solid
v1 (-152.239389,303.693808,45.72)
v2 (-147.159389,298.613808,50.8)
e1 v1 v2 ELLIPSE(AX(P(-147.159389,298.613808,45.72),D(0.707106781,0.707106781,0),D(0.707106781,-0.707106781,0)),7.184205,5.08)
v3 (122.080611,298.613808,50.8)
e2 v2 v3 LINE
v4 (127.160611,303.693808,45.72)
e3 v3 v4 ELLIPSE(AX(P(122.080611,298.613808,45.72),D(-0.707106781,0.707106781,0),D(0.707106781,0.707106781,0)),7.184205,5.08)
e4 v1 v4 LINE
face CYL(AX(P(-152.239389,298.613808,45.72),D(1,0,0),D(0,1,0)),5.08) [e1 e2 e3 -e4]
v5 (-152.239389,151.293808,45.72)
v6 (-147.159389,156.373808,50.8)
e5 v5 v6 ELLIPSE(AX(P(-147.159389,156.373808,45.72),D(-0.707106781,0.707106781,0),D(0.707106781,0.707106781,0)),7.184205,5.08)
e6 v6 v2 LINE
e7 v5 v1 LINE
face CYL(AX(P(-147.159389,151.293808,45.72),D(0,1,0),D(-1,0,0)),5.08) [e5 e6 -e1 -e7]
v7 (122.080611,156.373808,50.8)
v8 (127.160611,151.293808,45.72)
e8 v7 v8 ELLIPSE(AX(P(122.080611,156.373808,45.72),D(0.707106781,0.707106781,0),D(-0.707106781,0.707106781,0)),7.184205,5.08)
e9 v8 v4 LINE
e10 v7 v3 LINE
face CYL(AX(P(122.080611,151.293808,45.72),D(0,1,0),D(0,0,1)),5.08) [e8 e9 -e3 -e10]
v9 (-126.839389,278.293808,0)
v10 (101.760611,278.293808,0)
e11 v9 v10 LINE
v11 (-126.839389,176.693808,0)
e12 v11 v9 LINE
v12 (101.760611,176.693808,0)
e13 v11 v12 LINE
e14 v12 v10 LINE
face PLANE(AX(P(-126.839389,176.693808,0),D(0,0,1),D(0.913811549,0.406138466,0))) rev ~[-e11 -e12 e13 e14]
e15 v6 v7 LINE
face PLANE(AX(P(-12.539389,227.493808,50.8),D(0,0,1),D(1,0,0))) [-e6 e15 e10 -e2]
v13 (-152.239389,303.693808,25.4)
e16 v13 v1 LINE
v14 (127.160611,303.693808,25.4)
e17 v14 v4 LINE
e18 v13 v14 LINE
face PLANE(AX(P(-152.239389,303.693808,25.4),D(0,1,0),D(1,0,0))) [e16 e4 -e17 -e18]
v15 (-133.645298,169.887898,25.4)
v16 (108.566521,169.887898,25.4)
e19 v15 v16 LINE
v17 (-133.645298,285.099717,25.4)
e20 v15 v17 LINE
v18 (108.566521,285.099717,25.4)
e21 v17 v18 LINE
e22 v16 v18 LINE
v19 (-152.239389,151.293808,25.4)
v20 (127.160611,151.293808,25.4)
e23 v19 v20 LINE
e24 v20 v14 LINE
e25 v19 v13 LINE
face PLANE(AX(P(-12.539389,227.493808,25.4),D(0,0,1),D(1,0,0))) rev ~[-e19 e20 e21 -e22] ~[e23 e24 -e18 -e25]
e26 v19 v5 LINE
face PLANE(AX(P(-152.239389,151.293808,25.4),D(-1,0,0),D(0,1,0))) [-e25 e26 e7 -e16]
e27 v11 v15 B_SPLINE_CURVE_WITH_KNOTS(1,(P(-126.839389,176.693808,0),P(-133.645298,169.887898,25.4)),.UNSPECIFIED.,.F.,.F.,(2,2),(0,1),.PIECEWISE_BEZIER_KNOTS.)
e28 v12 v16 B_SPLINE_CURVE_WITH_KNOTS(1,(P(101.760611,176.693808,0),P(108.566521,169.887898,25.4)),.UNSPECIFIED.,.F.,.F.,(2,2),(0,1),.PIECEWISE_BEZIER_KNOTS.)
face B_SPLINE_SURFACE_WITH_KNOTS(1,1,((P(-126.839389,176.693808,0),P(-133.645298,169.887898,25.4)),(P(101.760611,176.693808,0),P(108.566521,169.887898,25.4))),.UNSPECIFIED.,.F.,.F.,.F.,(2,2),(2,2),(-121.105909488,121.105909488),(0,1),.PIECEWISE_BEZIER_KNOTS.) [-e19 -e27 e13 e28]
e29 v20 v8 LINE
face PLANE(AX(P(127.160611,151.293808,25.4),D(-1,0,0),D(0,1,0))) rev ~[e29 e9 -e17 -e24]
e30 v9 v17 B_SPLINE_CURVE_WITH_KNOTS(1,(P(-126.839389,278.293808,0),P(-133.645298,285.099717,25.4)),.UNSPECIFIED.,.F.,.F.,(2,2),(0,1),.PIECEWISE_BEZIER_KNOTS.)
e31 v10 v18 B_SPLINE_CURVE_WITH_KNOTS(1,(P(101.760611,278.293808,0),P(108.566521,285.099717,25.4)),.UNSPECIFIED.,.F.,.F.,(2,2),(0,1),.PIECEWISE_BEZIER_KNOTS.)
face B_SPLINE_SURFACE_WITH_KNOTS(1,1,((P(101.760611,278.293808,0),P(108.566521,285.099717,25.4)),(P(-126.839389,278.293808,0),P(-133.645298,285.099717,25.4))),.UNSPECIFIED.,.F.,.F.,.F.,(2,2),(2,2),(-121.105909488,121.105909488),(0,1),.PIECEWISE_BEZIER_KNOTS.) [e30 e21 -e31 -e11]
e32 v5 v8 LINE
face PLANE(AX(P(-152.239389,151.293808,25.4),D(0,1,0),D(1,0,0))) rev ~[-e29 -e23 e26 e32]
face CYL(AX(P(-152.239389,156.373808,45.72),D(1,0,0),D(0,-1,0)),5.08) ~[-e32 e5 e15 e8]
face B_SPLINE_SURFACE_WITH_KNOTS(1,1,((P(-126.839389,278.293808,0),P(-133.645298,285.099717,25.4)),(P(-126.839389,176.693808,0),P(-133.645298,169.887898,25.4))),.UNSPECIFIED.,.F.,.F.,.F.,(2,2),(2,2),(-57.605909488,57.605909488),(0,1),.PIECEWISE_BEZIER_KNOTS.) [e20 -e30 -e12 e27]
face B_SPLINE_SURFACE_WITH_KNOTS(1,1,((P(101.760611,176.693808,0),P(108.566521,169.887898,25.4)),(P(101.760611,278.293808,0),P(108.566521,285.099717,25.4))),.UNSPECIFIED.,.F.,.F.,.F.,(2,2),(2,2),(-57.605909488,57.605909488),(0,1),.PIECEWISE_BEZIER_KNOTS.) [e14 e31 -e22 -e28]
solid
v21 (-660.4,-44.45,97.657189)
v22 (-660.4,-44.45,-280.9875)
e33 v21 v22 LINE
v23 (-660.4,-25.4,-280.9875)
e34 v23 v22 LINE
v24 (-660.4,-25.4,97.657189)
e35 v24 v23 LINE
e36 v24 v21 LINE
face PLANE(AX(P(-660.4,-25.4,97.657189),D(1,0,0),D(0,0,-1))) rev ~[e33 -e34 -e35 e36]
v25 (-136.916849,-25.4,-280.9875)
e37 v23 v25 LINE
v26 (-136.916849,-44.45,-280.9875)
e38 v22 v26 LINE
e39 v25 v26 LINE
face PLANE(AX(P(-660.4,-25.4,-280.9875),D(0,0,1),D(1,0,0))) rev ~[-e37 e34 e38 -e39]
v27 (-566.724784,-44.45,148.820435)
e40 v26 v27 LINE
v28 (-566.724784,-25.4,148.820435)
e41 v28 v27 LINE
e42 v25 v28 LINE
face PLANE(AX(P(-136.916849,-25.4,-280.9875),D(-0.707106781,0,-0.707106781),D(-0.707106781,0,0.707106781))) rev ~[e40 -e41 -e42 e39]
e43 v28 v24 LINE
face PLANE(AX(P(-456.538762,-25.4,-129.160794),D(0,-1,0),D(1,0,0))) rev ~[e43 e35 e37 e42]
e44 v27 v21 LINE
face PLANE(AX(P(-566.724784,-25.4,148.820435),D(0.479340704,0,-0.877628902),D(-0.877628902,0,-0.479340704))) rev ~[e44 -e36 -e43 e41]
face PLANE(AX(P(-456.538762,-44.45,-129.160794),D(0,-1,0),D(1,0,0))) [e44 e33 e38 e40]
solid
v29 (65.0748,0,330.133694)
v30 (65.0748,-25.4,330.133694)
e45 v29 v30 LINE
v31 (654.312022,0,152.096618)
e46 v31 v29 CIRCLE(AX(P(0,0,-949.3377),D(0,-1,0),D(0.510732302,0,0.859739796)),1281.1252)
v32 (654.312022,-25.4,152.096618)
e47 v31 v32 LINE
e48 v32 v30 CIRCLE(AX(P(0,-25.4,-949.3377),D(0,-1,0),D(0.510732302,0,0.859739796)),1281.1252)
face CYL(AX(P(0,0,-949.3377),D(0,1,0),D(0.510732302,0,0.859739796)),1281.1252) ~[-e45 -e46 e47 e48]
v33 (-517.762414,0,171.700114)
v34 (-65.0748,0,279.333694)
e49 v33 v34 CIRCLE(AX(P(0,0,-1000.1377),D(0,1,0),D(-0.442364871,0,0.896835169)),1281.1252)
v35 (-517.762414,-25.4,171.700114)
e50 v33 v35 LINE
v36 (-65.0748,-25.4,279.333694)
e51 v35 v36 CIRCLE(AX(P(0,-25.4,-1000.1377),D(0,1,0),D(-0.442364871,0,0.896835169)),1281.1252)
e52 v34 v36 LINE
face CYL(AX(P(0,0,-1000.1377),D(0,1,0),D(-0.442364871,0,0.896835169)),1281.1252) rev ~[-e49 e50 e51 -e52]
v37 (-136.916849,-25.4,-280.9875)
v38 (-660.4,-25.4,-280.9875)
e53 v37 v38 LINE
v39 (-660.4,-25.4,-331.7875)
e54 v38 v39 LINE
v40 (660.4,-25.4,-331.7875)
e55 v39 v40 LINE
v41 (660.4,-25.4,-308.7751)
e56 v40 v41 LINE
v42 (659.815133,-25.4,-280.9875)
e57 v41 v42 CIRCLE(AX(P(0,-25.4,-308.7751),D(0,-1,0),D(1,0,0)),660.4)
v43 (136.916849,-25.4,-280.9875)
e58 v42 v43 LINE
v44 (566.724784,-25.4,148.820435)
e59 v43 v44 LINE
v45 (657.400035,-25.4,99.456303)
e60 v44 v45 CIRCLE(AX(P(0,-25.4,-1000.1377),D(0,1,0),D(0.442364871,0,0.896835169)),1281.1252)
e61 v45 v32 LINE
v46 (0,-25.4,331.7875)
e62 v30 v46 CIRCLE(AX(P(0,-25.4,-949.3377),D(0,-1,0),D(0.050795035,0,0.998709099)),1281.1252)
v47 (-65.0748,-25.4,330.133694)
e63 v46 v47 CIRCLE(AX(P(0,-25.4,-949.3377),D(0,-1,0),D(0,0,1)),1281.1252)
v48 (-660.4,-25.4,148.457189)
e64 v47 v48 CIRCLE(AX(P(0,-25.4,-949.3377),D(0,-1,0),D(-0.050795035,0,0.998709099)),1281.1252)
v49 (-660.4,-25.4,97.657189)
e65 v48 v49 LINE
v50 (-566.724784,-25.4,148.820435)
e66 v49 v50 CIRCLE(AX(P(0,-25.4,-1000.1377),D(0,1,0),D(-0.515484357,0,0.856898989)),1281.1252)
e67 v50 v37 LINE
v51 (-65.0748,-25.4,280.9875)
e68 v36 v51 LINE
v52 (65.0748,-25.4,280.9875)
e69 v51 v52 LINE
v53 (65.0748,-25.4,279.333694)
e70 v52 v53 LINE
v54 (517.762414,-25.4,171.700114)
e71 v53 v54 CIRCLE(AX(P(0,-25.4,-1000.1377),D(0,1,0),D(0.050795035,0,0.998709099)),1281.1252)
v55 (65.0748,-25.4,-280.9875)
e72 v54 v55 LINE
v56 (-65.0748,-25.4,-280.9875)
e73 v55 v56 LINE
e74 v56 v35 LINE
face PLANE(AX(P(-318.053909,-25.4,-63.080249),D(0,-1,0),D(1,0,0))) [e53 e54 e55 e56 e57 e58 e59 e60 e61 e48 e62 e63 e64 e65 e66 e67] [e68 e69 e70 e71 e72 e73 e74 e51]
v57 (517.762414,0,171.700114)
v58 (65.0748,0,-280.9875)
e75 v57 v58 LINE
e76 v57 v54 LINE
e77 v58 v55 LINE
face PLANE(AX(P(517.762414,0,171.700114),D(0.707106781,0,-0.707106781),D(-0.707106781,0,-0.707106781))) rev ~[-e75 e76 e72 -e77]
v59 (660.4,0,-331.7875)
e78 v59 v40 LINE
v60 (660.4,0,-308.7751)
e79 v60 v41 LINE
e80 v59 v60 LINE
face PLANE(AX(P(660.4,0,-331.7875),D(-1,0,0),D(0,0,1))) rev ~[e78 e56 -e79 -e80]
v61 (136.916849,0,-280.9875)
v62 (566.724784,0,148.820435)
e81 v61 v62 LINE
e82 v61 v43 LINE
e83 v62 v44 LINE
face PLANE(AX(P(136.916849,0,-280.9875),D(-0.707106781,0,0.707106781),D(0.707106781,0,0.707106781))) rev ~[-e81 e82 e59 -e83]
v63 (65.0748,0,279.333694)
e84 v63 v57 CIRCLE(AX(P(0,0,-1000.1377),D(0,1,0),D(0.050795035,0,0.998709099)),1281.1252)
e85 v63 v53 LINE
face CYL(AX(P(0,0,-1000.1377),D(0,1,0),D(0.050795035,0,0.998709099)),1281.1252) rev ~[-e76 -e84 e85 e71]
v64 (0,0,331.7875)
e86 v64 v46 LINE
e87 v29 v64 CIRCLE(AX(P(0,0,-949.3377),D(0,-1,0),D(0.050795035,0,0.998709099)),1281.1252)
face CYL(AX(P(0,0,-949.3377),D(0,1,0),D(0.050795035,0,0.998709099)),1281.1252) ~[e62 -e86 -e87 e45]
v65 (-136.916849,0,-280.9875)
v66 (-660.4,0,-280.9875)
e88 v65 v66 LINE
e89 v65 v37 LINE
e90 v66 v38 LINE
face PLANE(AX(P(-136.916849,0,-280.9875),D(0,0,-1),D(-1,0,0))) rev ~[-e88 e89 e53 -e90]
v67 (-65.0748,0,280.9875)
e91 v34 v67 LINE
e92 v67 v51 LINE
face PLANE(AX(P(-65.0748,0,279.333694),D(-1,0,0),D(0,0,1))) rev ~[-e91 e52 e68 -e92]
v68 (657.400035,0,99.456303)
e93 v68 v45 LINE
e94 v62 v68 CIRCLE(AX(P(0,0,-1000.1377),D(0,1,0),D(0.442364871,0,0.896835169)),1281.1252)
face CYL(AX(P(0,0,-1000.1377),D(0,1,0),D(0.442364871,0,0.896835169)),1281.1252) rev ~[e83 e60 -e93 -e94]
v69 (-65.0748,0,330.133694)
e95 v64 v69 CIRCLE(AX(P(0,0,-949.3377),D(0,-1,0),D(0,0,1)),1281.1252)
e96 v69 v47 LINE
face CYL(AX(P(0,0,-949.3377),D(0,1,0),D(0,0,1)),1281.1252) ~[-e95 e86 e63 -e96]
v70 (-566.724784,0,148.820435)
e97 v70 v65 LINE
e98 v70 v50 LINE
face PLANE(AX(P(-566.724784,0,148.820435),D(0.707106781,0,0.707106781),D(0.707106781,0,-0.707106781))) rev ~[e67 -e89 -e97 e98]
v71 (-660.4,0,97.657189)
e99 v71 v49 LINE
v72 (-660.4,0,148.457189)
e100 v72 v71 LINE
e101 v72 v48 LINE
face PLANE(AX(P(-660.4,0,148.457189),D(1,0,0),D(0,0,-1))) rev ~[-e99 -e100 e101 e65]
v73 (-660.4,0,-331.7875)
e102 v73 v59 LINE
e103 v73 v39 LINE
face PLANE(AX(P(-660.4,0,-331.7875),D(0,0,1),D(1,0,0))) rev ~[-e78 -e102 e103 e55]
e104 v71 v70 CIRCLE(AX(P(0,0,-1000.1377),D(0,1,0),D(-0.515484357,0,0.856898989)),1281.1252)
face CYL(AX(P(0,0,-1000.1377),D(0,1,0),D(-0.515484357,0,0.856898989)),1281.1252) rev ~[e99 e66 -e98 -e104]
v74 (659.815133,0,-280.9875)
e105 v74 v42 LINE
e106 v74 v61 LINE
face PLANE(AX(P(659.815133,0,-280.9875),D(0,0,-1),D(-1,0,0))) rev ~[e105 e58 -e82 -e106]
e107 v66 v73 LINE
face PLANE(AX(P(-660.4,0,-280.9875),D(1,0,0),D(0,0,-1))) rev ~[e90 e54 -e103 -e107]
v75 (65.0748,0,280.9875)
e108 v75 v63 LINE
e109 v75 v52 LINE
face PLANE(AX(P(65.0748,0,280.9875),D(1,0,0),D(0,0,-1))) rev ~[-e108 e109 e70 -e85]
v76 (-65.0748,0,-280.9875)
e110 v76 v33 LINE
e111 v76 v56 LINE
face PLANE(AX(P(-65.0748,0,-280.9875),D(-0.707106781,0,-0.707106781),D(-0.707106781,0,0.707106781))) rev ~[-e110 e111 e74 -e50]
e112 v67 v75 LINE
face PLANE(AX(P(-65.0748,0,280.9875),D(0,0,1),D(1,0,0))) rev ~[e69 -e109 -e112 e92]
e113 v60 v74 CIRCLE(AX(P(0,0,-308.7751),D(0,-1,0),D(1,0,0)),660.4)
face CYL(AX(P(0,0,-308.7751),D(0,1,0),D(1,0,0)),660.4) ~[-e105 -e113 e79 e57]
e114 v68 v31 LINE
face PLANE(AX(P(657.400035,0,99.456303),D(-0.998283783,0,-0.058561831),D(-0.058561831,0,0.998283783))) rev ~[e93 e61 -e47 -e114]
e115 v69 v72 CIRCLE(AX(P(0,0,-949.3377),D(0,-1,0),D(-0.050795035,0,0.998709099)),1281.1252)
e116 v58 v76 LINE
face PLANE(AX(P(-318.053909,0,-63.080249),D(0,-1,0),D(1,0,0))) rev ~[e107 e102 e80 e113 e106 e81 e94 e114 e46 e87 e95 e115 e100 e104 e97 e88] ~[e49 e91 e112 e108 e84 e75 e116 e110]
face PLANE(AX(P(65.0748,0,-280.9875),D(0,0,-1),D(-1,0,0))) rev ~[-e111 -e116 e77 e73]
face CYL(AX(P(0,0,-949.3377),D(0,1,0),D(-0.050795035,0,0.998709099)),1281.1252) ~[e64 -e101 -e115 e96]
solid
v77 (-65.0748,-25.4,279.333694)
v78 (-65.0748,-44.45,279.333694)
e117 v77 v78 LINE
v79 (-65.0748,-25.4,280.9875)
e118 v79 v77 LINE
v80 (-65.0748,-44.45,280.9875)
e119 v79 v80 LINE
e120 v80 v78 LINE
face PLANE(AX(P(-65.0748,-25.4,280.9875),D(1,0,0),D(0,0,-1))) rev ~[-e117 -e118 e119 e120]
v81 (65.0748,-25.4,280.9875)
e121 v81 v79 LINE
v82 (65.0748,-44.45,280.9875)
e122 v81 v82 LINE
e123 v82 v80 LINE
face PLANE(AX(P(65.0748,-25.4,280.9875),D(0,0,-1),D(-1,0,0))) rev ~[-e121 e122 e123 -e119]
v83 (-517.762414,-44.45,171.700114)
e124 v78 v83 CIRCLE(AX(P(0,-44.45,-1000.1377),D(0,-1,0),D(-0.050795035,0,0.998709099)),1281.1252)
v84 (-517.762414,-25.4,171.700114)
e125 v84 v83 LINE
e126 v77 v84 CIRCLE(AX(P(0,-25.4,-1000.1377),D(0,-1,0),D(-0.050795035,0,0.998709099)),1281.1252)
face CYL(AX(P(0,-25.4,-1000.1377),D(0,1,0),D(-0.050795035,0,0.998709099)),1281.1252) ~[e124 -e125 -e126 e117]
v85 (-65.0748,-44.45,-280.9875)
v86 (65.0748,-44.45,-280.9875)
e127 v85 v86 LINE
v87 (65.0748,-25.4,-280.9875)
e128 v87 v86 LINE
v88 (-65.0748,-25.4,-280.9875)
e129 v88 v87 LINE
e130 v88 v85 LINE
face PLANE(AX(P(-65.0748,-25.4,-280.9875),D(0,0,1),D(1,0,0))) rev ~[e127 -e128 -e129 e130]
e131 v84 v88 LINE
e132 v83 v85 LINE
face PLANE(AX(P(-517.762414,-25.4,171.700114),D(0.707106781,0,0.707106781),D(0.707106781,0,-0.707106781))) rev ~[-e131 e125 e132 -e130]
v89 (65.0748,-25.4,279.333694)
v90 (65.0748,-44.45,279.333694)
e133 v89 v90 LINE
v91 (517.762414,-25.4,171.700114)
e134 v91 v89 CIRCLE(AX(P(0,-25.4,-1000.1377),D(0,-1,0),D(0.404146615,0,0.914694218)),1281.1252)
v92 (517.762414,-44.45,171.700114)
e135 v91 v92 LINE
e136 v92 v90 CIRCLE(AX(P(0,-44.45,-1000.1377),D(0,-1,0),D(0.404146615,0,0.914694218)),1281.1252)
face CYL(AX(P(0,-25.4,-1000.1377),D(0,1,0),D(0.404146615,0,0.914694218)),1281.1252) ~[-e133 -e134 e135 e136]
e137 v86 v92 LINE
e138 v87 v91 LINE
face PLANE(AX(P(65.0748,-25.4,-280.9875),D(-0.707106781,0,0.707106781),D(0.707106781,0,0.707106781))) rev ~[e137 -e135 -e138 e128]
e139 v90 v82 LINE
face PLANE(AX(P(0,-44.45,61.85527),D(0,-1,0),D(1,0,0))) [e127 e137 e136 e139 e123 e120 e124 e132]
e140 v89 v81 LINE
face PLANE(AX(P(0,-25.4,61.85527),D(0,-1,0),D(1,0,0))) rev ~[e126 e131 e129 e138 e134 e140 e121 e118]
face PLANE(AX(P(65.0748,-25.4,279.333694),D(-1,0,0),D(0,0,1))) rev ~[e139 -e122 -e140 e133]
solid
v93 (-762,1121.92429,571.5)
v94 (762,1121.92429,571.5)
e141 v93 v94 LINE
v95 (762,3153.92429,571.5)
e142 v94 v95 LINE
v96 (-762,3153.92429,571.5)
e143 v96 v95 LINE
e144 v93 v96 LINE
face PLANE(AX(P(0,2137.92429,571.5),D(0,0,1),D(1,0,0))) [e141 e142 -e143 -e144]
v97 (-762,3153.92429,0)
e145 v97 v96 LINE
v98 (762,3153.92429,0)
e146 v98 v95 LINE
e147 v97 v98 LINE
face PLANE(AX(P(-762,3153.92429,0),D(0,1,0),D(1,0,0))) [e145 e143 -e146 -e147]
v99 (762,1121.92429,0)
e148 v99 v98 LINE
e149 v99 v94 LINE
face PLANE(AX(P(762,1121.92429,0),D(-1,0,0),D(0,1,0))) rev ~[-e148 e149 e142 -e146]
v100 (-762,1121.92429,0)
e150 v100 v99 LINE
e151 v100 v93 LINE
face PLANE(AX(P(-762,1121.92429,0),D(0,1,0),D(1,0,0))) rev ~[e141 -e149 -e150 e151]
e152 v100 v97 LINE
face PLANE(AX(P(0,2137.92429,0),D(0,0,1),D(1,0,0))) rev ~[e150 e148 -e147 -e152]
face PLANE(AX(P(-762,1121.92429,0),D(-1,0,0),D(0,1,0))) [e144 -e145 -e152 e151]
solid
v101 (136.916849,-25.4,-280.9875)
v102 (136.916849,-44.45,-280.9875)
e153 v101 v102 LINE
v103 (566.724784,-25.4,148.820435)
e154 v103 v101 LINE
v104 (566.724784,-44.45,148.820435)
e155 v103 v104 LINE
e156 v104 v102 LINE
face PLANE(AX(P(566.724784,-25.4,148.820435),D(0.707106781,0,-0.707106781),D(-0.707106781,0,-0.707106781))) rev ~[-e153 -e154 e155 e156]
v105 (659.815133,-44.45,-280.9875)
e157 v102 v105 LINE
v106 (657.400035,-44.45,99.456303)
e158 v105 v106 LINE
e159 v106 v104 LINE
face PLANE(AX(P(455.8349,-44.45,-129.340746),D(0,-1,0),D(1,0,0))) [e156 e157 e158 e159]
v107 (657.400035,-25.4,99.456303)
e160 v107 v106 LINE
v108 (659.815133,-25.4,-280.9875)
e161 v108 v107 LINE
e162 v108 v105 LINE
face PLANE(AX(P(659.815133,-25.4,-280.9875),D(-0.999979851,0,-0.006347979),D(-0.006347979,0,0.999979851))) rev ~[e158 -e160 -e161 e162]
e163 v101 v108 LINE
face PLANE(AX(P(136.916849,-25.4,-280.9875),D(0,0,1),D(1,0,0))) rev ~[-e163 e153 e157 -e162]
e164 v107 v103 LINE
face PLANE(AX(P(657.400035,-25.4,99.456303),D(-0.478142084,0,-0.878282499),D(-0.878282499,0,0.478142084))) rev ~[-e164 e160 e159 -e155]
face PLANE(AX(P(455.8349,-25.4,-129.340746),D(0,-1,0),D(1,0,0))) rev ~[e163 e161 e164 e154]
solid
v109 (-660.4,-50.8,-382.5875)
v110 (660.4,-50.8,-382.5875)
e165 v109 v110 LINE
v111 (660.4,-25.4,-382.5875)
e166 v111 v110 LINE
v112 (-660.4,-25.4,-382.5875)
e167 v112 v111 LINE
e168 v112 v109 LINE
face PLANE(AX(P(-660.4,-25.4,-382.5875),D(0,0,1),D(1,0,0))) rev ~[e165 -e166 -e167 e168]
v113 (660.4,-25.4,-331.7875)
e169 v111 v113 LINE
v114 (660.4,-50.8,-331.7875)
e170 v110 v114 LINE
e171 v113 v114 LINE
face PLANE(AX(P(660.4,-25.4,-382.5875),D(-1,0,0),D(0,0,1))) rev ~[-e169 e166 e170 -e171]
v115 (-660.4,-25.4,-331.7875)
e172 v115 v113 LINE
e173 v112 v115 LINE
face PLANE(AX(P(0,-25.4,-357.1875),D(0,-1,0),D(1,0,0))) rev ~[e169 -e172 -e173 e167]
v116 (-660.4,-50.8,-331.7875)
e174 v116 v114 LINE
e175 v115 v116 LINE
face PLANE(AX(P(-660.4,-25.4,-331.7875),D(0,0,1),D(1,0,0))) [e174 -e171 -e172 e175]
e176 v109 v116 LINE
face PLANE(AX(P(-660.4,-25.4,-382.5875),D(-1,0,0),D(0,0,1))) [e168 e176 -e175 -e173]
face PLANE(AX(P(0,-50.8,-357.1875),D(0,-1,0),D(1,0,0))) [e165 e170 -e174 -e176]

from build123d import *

# Parameters (mm, degrees)
F1_DEPTH  = 25.4
F2_W      = 1320.8
F2_H      = 50.8
F3_DEPTH  = 25.4
F4_W      = 228.6
F4_H      = 101.6
F5_DEPTH  = 25.4
F5_TAPER  = -15
F6_W      = 279.4
F6_H      = 152.4
F6_W_2    = 242.2118189755
F6_H_2    = 115.2118189755
F7_DEPTH  = 25.4
F8_R      = 5.08
F9_W      = 1524
F9_H      = 2032
F10_DEPTH = 571.5
F12_DEPTH = 19.05


with BuildPart() as f1:
    # F0 (on Front) → F1 (new body)
    with BuildSketch(Plane.XZ):
        with BuildLine():
            ThreePointArc((-517.7624135276, 171.7001135276), (-542.3642599869, 160.5184883538), (-566.7247843556, 148.8204353871))
            Line((-566.7247843556, 148.8204353871), (-327.3396312481, -90.5647177205))
            Line((-327.3396312481, -90.5647177205), (-136.9168489686, -280.9875))
            Line((-136.9168489686, -280.9875), (-65.0748, -280.9875))
            Line((-65.0748, -280.9875), (-517.7624135276, 171.7001135276))
        make_face()
        with BuildLine():
            Line((92.3055559397, -280.9875), (65.0748, -280.9875))
            Line((65.0748, -280.9875), (-65.0748, -280.9875))
            Line((-65.0748, -280.9875), (-136.9168489686, -280.9875))
            Line((-136.9168489686, -280.9875), (-659.8151326593, -280.9875))
            Line((-659.8151326593, -280.9875), (-660.4, -280.9875))
            Line((-660.4, -280.9875), (-660.4, -331.7875))
            Line((-660.4, -331.7875), (660.4, -331.7875))
            Line((660.4, -331.7875), (660.4, -308.7751))
            ThreePointArc((660.4, -308.7751), (660.2537669746, -294.8782228007), (659.8151326593, -280.9875))
            Line((659.8151326593, -280.9875), (136.9168489686, -280.9875))
            Line((136.9168489686, -280.9875), (92.3055559397, -280.9875))
        make_face()
        with BuildLine():
            Line((327.3396312481, -90.5647177205), (566.7247843556, 148.8204353871))
            ThreePointArc((566.7247843556, 148.8204353871), (542.3642599869, 160.5184883538), (517.7624135276, 171.7001135276))
            Line((517.7624135276, 171.7001135276), (65.0748, -280.9875))
            Line((65.0748, -280.9875), (92.3055559397, -280.9875))
            Line((92.3055559397, -280.9875), (136.9168489686, -280.9875))
            Line((136.9168489686, -280.9875), (327.3396312481, -90.5647177205))
        make_face()
        with BuildLine():
            ThreePointArc((65.0748, 330.1336941624), (32.5479057267, 331.3739818035), (0, 331.7875))
            ThreePointArc((0, 331.7875), (-32.5479057267, 331.3739818035), (-65.0748, 330.1336941624))
            ThreePointArc((-65.0748, 330.1336941624), (-373.9385103205, 275.9997100934), (-660.4, 148.4571888909))
            Line((-660.4, 148.4571888909), (-660.4, 97.6571888909))
            ThreePointArc((-660.4, 97.6571888909), (-614.0954555629, 124.2148023462), (-566.7247843556, 148.8204353871))
            ThreePointArc((-566.7247843556, 148.8204353871), (-542.3642599869, 160.5184883538), (-517.7624135276, 171.7001135276))
            ThreePointArc((-517.7624135276, 171.7001135276), (-296.3461679999, 246.2413461921), (-65.0748, 279.3336941624))
            Line((-65.0748, 279.3336941624), (-65.0748, 280.9875))
            Line((-65.0748, 280.9875), (0, 280.9875))
            Line((0, 280.9875), (65.0748, 280.9875))
            Line((65.0748, 280.9875), (65.0748, 279.3336941624))
            ThreePointArc((65.0748, 279.3336941624), (296.3461679999, 246.2413461921), (517.7624135276, 171.7001135276))
            ThreePointArc((517.7624135276, 171.7001135276), (542.3642599869, 160.5184883538), (566.7247843556, 148.8204353871))
            ThreePointArc((566.7247843556, 148.8204353871), (612.5598727198, 125.0521419416), (657.4000349064, 99.4563033395))
            Line((657.4000349064, 99.4563033395), (654.3120220333, 152.0966175595))
            ThreePointArc((654.3120220333, 152.0966175595), (370.5450716042, 277.0301599771), (65.0748, 330.1336941624))
        make_face()
    extrude(amount=F1_DEPTH)


with BuildPart() as f3:
    # F2 (on face) → F3 (new body)
    with BuildSketch(Plane.XZ.offset(25.4)):
        with Locations((0, -357.1875)):
            Rectangle(F2_W, F2_H)
    extrude(amount=F3_DEPTH)


with BuildPart() as f5:
    # F4 (on Top) → F5 (new body)
    with BuildSketch(Plane.XY):
        with Locations((-12.5393885701, 227.4938076735)):
            Rectangle(F4_W, F4_H)
    extrude(amount=F5_DEPTH, taper=F5_TAPER)

    # F6 (on face) → F7 (join)
    with BuildSketch(Plane.XY.offset(25.4)):
        with Locations((-12.5393885701, 227.4938076735)):
            Rectangle(F6_W, F6_H)
        with Locations((-12.5393885701, 227.4938076735)):
            Rectangle(F6_W_2, F6_H_2, mode=Mode.SUBTRACT)
        with Locations((-12.5393885701, 227.4938076735)):
            Rectangle(F6_W_2, F6_H_2)
    extrude(amount=F7_DEPTH)

    # F8
    f8_edges = [f5.edges().sort_by_distance(p)[0] for p in [
        (127.160611, 227.493808, 50.8),
        (-12.539389, 151.293808, 50.8),
        (-12.539389, 303.693808, 50.8),
        (-152.239389, 227.493808, 50.8),
    ]]
    fillet(f8_edges, radius=F8_R)


with BuildPart() as f10:
    # F9 (on Top) → F10 (new body)
    with BuildSketch(Plane.XY):
        with Locations((0, 2137.9242895666)):
            Rectangle(F9_W, F9_H)
    extrude(amount=F10_DEPTH)


with BuildPart() as f12:
    # F11 (on face) → F12 (new body)
    with BuildSketch(Plane.XZ.offset(25.4)):
        Polygon((659.8151326593, -280.9875), (657.4000349064, 99.4563033395), (566.7247843556, 148.8204353871), (136.9168489686, -280.9875), align=None)
    extrude(amount=F12_DEPTH)


with BuildPart() as f12b:
    # F11 (on face) → F12, piece 2 (new body)
    with BuildSketch(Plane.XZ.offset(25.4)):
        with BuildLine():
            Line((65.0748, -280.9875), (517.7624135276, 171.7001135276))
            ThreePointArc((517.7624135276, 171.7001135276), (296.3461679999, 246.2413461921), (65.0748, 279.3336941624))
            Line((65.0748, 279.3336941624), (65.0748, 280.9875))
            Line((65.0748, 280.9875), (-65.0748, 280.9875))
            Line((-65.0748, 280.9875), (-65.0748, 279.3336941624))
            ThreePointArc((-65.0748, 279.3336941624), (-296.3461679999, 246.2413461921), (-517.7624135276, 171.7001135276))
            Line((-517.7624135276, 171.7001135276), (-65.0748, -280.9875))
            Line((-65.0748, -280.9875), (65.0748, -280.9875))
        make_face()
    extrude(amount=F12_DEPTH)


with BuildPart() as f12c:
    # F11 (on face) → F12, piece 3 (new body)
    with BuildSketch(Plane.XZ.offset(25.4)):
        Polygon((-566.7247843556, 148.8204353871), (-660.4, 97.6571888909), (-660.4, -280.9875), (-136.9168489686, -280.9875), align=None)
    extrude(amount=F12_DEPTH)


solid = Compound([f1.part, f3.part, f5.part, f10.part, f12.part, f12b.part, f12c.part])
